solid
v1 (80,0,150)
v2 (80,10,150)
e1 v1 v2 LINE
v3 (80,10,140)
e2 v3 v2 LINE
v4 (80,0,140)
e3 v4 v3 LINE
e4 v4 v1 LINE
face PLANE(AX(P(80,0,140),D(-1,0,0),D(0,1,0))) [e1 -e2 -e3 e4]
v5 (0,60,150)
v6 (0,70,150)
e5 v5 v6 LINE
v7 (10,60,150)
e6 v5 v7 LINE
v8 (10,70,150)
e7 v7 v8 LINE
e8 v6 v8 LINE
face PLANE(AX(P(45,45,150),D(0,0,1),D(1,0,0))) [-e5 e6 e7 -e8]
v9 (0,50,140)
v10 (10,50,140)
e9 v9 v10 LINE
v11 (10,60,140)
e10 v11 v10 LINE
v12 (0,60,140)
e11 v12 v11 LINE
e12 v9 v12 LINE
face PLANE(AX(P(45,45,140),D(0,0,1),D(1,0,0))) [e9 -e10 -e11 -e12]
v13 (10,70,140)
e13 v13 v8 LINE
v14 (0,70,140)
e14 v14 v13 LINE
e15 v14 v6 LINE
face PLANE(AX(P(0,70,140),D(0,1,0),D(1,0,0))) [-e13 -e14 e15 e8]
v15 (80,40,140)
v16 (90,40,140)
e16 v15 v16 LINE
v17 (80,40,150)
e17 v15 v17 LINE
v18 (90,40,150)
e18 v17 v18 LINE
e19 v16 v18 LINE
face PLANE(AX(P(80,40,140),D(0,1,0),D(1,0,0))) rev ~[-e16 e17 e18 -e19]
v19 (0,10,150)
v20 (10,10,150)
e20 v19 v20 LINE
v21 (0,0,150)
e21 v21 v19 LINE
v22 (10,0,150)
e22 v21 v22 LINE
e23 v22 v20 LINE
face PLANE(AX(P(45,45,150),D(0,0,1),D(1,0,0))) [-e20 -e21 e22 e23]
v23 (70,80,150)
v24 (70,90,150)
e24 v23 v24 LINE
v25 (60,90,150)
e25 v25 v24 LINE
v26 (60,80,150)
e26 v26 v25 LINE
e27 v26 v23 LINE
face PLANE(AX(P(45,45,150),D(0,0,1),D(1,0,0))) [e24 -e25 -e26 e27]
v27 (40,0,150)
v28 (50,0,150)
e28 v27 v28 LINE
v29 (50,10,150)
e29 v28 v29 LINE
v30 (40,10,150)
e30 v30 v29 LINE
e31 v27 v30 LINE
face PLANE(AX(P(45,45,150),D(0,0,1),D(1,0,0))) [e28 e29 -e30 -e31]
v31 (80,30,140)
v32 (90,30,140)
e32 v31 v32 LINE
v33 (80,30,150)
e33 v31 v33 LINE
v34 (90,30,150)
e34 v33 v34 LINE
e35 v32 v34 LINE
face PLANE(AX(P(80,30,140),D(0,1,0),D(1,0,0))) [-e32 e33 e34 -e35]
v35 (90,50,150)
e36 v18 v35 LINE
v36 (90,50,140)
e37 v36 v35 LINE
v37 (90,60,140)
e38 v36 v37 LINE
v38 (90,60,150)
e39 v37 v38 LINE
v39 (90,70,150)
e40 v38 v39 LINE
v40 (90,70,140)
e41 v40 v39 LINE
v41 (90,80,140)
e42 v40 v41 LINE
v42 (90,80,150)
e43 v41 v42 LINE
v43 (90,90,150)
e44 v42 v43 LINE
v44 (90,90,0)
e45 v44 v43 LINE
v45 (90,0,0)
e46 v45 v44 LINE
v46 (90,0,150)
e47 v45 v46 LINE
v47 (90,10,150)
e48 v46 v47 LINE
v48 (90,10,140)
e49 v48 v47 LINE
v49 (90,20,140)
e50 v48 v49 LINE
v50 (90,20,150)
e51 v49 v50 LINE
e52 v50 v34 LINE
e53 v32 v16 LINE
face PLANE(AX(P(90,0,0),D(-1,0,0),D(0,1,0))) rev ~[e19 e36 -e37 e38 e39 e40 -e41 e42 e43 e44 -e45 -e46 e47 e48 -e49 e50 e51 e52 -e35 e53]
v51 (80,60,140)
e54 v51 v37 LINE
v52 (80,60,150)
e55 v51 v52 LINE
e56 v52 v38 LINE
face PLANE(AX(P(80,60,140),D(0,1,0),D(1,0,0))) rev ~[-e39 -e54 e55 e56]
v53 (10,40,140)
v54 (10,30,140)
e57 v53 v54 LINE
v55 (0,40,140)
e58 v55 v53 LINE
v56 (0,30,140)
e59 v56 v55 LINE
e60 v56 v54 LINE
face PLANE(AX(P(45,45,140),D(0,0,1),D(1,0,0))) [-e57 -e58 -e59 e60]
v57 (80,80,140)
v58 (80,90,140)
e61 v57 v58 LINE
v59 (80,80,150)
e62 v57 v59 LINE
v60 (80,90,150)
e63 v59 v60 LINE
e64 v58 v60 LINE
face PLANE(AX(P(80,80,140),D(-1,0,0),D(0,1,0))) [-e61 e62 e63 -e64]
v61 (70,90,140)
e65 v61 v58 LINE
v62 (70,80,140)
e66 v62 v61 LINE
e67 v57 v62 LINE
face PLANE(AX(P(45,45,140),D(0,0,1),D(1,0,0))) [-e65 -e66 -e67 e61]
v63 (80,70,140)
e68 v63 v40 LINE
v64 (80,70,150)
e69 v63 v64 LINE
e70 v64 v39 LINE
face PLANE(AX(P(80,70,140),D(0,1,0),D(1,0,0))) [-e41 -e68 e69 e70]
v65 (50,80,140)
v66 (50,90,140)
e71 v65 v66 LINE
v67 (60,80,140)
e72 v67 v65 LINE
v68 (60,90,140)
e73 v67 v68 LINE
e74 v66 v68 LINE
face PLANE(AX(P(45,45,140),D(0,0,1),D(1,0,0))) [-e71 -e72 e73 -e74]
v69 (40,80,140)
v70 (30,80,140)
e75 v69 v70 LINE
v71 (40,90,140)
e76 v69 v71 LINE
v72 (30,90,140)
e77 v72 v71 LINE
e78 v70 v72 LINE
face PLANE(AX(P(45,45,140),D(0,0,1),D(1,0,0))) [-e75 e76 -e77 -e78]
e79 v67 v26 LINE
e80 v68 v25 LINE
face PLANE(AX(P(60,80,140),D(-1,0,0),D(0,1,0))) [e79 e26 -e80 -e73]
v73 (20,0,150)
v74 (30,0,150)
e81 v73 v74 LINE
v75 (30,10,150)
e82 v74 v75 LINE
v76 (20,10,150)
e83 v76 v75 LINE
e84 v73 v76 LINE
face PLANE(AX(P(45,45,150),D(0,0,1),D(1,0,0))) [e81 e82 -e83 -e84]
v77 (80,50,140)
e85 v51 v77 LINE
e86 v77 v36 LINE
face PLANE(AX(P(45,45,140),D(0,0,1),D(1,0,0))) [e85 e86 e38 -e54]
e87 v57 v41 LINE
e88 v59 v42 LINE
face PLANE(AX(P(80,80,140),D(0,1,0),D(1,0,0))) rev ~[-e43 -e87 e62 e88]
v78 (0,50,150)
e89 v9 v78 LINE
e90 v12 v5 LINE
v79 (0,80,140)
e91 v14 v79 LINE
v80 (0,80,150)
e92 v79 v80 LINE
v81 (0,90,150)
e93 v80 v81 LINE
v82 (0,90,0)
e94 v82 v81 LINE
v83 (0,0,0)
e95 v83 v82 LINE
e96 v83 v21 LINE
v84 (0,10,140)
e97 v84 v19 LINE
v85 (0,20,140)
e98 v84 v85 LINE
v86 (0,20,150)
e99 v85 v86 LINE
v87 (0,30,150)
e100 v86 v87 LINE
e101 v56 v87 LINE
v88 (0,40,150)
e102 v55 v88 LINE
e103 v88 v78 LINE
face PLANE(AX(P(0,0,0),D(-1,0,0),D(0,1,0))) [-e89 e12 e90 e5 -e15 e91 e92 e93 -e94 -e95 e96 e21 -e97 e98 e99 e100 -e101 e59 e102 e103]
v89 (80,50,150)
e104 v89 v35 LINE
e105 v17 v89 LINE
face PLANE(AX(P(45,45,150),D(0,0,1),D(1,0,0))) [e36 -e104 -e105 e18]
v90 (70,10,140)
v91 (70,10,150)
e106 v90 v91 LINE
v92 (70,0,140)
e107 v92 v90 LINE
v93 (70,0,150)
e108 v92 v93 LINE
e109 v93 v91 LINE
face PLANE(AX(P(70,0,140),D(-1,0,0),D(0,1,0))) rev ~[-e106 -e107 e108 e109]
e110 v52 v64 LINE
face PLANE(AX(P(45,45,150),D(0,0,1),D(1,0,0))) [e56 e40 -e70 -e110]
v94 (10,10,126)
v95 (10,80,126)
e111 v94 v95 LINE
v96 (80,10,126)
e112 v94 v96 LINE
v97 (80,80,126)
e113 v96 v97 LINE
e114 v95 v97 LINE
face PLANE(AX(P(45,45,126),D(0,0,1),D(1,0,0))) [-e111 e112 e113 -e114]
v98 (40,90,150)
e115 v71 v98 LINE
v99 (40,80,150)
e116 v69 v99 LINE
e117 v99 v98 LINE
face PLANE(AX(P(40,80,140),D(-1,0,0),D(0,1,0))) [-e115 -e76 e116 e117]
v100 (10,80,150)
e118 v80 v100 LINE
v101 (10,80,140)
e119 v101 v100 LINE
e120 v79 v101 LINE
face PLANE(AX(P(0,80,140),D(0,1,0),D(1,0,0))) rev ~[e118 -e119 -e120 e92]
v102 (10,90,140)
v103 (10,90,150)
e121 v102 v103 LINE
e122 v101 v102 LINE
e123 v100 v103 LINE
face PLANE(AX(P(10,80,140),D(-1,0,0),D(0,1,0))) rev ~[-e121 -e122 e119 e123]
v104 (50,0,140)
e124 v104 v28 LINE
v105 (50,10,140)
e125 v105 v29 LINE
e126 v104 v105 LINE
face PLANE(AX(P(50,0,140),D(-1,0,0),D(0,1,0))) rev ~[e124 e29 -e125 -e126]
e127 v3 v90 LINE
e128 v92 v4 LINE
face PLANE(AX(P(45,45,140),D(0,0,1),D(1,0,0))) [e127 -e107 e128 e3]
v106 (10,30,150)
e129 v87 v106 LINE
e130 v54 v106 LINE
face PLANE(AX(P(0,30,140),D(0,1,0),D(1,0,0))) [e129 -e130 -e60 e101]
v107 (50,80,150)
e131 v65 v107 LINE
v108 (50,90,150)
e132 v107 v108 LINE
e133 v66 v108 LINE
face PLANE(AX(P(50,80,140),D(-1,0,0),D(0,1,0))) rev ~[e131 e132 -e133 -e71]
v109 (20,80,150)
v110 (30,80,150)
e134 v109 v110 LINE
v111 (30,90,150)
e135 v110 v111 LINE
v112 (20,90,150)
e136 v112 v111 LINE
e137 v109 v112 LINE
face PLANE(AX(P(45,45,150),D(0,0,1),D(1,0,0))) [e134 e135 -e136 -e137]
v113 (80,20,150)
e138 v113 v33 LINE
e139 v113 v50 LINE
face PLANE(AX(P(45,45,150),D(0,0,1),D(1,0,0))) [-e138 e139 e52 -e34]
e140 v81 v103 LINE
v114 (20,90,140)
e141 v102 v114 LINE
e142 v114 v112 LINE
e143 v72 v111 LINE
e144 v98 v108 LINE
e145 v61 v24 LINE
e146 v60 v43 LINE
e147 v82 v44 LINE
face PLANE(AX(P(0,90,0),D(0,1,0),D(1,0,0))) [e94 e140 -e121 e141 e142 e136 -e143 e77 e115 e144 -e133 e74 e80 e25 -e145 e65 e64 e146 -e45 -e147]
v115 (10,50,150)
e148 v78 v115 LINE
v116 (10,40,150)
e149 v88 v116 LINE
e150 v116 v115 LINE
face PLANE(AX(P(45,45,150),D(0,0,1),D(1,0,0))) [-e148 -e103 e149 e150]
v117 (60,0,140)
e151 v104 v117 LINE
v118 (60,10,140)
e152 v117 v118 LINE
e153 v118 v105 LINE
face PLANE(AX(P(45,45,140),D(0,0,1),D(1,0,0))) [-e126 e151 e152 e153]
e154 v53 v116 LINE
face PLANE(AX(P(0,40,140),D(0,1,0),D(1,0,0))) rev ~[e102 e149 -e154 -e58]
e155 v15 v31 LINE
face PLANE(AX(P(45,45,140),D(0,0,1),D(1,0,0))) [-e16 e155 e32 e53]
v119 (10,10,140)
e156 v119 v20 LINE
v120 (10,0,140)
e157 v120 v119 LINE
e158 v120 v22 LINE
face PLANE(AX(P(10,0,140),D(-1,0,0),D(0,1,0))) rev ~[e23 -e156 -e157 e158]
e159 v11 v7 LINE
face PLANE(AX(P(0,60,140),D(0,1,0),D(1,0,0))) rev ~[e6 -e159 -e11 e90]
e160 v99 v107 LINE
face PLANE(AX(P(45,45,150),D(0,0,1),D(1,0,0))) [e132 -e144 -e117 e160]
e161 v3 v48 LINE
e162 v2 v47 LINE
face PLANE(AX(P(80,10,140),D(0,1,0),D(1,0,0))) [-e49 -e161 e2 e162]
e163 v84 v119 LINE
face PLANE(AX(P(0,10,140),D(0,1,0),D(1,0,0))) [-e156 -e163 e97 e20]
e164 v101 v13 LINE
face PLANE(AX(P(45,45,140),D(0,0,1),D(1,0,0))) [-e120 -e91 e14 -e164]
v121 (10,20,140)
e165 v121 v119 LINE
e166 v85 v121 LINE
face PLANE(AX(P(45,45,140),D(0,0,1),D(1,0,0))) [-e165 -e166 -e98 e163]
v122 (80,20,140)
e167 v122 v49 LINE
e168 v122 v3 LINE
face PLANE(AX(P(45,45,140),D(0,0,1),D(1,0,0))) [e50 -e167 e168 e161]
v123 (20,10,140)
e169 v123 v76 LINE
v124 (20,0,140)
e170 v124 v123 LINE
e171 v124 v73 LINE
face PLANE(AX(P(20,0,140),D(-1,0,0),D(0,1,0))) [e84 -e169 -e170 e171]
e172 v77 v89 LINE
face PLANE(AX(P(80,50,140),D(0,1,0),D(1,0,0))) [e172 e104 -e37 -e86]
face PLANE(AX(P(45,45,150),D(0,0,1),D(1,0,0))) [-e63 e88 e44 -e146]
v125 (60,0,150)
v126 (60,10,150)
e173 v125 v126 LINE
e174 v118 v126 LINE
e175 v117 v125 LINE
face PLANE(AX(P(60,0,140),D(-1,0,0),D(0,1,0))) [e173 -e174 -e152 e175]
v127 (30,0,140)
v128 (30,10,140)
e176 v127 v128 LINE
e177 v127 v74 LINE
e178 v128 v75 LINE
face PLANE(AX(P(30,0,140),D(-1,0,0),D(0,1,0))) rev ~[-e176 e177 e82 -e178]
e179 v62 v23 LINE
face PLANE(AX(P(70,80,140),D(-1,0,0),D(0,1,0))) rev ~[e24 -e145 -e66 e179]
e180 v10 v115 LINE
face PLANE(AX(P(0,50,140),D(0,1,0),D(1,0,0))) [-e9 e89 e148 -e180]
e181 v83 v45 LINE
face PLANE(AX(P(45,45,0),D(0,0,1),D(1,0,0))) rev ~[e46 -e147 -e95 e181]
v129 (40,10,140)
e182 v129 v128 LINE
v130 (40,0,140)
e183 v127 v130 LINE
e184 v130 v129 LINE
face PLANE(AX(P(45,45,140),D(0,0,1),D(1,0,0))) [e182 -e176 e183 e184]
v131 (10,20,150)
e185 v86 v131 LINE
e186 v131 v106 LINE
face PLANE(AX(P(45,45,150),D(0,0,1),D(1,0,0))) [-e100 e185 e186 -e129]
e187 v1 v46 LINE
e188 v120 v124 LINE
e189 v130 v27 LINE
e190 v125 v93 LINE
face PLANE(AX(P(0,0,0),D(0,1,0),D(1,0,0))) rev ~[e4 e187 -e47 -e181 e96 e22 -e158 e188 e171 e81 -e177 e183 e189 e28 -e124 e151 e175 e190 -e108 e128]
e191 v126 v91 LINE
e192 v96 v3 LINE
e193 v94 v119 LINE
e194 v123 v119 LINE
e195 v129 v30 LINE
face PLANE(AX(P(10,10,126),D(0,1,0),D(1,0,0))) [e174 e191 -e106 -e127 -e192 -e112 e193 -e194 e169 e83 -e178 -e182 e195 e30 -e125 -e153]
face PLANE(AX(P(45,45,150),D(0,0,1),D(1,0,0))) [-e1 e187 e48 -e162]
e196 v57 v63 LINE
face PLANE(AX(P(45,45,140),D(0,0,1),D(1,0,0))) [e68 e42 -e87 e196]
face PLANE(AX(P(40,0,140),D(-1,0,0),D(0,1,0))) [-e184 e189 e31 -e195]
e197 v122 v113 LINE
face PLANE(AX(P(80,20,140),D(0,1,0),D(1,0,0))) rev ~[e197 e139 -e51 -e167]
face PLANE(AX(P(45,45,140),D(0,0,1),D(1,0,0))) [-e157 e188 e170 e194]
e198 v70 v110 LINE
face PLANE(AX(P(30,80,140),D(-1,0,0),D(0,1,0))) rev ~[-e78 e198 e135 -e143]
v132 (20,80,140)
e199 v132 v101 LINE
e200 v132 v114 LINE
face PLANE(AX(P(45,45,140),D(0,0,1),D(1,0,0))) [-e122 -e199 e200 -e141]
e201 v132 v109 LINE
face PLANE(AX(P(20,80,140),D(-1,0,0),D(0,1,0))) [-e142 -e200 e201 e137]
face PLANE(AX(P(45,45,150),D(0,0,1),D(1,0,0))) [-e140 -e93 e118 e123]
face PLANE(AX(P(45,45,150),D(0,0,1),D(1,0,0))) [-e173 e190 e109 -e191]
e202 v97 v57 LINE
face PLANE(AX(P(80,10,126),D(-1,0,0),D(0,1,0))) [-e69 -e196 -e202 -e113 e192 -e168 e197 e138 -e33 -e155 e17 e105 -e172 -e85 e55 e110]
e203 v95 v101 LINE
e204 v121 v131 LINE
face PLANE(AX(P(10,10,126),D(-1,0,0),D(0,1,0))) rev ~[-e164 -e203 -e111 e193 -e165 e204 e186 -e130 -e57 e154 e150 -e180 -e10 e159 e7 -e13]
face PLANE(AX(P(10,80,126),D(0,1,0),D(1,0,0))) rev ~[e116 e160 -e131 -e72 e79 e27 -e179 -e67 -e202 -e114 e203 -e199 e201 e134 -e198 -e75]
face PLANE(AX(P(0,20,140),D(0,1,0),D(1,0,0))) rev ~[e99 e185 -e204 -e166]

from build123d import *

# Parameters (mm, degrees)
BOX003_W      = 70
BOX003_H      = 70
BOX003_DEPTH  = 25
BOX001_W      = 10
BOX001_H      = 10
BOX001_DEPTH  = 10
ARRAY_X_COUNT = 5
ARRAY_X_PITCH = 20
ARRAY_Y_COUNT = 5
ARRAY_Y_PITCH = 20
BOX002_W      = 90
BOX002_H      = 90
BOX002_DEPTH  = 10
BOX_W         = 90
BOX_H         = 90
BOX_DEPTH     = 150


with BuildPart() as cub003:
    # Box003 → Box003 (new body)
    with BuildSketch(Plane(origin=(10, 10, 126), x_dir=(1, 0, 0), z_dir=(0, 0, 1))):
        with Locations((35, 35)):
            Rectangle(BOX003_W, BOX003_H)
    extrude(amount=BOX003_DEPTH)


with BuildPart() as array:
    # Box001 → Box001 (new body)
    with BuildSketch(Plane.XY):
        with Locations((5, 5)):
            Rectangle(BOX001_W, BOX001_H)
    extrude(amount=BOX001_DEPTH)

    # Array X: Array ×5


with BuildPart() as array_1:
    add(array.part)
    with Locations(*[(i * ARRAY_X_PITCH, 0, 0) for i in range(1, ARRAY_X_COUNT)]):
        add(array.part)

    # Array Y: Array ×5


with BuildPart() as array_2:
    add(array_1.part)
    with Locations(*[(0, i * ARRAY_Y_PITCH, 0) for i in range(1, ARRAY_Y_COUNT)]):
        add(array_1.part)


with BuildPart() as cut:
    # Box002 → Box002 (new body)
    with BuildSketch(Plane.XY):
        with Locations((45, 45)):
            Rectangle(BOX002_W, BOX002_H)
    extrude(amount=BOX002_DEPTH)

    # Cut: cut Array
    add(array_2.part, mode=Mode.SUBTRACT)


with BuildPart() as cut_1:
    # Cut placement: moved
    add(cut.part.moved(Location((0, 0, 140))))


with BuildPart() as cut002:
    # Box → Box (new body)
    with BuildSketch(Plane.XY):
        with Locations((45, 45)):
            Rectangle(BOX_W, BOX_H)
    extrude(amount=BOX_DEPTH)

    # Cut001: cut Cut
    add(cut_1.part, mode=Mode.SUBTRACT)

    # Cut002: cut Cub003
    add(cub003.part, mode=Mode.SUBTRACT)


solid = cut002.part
